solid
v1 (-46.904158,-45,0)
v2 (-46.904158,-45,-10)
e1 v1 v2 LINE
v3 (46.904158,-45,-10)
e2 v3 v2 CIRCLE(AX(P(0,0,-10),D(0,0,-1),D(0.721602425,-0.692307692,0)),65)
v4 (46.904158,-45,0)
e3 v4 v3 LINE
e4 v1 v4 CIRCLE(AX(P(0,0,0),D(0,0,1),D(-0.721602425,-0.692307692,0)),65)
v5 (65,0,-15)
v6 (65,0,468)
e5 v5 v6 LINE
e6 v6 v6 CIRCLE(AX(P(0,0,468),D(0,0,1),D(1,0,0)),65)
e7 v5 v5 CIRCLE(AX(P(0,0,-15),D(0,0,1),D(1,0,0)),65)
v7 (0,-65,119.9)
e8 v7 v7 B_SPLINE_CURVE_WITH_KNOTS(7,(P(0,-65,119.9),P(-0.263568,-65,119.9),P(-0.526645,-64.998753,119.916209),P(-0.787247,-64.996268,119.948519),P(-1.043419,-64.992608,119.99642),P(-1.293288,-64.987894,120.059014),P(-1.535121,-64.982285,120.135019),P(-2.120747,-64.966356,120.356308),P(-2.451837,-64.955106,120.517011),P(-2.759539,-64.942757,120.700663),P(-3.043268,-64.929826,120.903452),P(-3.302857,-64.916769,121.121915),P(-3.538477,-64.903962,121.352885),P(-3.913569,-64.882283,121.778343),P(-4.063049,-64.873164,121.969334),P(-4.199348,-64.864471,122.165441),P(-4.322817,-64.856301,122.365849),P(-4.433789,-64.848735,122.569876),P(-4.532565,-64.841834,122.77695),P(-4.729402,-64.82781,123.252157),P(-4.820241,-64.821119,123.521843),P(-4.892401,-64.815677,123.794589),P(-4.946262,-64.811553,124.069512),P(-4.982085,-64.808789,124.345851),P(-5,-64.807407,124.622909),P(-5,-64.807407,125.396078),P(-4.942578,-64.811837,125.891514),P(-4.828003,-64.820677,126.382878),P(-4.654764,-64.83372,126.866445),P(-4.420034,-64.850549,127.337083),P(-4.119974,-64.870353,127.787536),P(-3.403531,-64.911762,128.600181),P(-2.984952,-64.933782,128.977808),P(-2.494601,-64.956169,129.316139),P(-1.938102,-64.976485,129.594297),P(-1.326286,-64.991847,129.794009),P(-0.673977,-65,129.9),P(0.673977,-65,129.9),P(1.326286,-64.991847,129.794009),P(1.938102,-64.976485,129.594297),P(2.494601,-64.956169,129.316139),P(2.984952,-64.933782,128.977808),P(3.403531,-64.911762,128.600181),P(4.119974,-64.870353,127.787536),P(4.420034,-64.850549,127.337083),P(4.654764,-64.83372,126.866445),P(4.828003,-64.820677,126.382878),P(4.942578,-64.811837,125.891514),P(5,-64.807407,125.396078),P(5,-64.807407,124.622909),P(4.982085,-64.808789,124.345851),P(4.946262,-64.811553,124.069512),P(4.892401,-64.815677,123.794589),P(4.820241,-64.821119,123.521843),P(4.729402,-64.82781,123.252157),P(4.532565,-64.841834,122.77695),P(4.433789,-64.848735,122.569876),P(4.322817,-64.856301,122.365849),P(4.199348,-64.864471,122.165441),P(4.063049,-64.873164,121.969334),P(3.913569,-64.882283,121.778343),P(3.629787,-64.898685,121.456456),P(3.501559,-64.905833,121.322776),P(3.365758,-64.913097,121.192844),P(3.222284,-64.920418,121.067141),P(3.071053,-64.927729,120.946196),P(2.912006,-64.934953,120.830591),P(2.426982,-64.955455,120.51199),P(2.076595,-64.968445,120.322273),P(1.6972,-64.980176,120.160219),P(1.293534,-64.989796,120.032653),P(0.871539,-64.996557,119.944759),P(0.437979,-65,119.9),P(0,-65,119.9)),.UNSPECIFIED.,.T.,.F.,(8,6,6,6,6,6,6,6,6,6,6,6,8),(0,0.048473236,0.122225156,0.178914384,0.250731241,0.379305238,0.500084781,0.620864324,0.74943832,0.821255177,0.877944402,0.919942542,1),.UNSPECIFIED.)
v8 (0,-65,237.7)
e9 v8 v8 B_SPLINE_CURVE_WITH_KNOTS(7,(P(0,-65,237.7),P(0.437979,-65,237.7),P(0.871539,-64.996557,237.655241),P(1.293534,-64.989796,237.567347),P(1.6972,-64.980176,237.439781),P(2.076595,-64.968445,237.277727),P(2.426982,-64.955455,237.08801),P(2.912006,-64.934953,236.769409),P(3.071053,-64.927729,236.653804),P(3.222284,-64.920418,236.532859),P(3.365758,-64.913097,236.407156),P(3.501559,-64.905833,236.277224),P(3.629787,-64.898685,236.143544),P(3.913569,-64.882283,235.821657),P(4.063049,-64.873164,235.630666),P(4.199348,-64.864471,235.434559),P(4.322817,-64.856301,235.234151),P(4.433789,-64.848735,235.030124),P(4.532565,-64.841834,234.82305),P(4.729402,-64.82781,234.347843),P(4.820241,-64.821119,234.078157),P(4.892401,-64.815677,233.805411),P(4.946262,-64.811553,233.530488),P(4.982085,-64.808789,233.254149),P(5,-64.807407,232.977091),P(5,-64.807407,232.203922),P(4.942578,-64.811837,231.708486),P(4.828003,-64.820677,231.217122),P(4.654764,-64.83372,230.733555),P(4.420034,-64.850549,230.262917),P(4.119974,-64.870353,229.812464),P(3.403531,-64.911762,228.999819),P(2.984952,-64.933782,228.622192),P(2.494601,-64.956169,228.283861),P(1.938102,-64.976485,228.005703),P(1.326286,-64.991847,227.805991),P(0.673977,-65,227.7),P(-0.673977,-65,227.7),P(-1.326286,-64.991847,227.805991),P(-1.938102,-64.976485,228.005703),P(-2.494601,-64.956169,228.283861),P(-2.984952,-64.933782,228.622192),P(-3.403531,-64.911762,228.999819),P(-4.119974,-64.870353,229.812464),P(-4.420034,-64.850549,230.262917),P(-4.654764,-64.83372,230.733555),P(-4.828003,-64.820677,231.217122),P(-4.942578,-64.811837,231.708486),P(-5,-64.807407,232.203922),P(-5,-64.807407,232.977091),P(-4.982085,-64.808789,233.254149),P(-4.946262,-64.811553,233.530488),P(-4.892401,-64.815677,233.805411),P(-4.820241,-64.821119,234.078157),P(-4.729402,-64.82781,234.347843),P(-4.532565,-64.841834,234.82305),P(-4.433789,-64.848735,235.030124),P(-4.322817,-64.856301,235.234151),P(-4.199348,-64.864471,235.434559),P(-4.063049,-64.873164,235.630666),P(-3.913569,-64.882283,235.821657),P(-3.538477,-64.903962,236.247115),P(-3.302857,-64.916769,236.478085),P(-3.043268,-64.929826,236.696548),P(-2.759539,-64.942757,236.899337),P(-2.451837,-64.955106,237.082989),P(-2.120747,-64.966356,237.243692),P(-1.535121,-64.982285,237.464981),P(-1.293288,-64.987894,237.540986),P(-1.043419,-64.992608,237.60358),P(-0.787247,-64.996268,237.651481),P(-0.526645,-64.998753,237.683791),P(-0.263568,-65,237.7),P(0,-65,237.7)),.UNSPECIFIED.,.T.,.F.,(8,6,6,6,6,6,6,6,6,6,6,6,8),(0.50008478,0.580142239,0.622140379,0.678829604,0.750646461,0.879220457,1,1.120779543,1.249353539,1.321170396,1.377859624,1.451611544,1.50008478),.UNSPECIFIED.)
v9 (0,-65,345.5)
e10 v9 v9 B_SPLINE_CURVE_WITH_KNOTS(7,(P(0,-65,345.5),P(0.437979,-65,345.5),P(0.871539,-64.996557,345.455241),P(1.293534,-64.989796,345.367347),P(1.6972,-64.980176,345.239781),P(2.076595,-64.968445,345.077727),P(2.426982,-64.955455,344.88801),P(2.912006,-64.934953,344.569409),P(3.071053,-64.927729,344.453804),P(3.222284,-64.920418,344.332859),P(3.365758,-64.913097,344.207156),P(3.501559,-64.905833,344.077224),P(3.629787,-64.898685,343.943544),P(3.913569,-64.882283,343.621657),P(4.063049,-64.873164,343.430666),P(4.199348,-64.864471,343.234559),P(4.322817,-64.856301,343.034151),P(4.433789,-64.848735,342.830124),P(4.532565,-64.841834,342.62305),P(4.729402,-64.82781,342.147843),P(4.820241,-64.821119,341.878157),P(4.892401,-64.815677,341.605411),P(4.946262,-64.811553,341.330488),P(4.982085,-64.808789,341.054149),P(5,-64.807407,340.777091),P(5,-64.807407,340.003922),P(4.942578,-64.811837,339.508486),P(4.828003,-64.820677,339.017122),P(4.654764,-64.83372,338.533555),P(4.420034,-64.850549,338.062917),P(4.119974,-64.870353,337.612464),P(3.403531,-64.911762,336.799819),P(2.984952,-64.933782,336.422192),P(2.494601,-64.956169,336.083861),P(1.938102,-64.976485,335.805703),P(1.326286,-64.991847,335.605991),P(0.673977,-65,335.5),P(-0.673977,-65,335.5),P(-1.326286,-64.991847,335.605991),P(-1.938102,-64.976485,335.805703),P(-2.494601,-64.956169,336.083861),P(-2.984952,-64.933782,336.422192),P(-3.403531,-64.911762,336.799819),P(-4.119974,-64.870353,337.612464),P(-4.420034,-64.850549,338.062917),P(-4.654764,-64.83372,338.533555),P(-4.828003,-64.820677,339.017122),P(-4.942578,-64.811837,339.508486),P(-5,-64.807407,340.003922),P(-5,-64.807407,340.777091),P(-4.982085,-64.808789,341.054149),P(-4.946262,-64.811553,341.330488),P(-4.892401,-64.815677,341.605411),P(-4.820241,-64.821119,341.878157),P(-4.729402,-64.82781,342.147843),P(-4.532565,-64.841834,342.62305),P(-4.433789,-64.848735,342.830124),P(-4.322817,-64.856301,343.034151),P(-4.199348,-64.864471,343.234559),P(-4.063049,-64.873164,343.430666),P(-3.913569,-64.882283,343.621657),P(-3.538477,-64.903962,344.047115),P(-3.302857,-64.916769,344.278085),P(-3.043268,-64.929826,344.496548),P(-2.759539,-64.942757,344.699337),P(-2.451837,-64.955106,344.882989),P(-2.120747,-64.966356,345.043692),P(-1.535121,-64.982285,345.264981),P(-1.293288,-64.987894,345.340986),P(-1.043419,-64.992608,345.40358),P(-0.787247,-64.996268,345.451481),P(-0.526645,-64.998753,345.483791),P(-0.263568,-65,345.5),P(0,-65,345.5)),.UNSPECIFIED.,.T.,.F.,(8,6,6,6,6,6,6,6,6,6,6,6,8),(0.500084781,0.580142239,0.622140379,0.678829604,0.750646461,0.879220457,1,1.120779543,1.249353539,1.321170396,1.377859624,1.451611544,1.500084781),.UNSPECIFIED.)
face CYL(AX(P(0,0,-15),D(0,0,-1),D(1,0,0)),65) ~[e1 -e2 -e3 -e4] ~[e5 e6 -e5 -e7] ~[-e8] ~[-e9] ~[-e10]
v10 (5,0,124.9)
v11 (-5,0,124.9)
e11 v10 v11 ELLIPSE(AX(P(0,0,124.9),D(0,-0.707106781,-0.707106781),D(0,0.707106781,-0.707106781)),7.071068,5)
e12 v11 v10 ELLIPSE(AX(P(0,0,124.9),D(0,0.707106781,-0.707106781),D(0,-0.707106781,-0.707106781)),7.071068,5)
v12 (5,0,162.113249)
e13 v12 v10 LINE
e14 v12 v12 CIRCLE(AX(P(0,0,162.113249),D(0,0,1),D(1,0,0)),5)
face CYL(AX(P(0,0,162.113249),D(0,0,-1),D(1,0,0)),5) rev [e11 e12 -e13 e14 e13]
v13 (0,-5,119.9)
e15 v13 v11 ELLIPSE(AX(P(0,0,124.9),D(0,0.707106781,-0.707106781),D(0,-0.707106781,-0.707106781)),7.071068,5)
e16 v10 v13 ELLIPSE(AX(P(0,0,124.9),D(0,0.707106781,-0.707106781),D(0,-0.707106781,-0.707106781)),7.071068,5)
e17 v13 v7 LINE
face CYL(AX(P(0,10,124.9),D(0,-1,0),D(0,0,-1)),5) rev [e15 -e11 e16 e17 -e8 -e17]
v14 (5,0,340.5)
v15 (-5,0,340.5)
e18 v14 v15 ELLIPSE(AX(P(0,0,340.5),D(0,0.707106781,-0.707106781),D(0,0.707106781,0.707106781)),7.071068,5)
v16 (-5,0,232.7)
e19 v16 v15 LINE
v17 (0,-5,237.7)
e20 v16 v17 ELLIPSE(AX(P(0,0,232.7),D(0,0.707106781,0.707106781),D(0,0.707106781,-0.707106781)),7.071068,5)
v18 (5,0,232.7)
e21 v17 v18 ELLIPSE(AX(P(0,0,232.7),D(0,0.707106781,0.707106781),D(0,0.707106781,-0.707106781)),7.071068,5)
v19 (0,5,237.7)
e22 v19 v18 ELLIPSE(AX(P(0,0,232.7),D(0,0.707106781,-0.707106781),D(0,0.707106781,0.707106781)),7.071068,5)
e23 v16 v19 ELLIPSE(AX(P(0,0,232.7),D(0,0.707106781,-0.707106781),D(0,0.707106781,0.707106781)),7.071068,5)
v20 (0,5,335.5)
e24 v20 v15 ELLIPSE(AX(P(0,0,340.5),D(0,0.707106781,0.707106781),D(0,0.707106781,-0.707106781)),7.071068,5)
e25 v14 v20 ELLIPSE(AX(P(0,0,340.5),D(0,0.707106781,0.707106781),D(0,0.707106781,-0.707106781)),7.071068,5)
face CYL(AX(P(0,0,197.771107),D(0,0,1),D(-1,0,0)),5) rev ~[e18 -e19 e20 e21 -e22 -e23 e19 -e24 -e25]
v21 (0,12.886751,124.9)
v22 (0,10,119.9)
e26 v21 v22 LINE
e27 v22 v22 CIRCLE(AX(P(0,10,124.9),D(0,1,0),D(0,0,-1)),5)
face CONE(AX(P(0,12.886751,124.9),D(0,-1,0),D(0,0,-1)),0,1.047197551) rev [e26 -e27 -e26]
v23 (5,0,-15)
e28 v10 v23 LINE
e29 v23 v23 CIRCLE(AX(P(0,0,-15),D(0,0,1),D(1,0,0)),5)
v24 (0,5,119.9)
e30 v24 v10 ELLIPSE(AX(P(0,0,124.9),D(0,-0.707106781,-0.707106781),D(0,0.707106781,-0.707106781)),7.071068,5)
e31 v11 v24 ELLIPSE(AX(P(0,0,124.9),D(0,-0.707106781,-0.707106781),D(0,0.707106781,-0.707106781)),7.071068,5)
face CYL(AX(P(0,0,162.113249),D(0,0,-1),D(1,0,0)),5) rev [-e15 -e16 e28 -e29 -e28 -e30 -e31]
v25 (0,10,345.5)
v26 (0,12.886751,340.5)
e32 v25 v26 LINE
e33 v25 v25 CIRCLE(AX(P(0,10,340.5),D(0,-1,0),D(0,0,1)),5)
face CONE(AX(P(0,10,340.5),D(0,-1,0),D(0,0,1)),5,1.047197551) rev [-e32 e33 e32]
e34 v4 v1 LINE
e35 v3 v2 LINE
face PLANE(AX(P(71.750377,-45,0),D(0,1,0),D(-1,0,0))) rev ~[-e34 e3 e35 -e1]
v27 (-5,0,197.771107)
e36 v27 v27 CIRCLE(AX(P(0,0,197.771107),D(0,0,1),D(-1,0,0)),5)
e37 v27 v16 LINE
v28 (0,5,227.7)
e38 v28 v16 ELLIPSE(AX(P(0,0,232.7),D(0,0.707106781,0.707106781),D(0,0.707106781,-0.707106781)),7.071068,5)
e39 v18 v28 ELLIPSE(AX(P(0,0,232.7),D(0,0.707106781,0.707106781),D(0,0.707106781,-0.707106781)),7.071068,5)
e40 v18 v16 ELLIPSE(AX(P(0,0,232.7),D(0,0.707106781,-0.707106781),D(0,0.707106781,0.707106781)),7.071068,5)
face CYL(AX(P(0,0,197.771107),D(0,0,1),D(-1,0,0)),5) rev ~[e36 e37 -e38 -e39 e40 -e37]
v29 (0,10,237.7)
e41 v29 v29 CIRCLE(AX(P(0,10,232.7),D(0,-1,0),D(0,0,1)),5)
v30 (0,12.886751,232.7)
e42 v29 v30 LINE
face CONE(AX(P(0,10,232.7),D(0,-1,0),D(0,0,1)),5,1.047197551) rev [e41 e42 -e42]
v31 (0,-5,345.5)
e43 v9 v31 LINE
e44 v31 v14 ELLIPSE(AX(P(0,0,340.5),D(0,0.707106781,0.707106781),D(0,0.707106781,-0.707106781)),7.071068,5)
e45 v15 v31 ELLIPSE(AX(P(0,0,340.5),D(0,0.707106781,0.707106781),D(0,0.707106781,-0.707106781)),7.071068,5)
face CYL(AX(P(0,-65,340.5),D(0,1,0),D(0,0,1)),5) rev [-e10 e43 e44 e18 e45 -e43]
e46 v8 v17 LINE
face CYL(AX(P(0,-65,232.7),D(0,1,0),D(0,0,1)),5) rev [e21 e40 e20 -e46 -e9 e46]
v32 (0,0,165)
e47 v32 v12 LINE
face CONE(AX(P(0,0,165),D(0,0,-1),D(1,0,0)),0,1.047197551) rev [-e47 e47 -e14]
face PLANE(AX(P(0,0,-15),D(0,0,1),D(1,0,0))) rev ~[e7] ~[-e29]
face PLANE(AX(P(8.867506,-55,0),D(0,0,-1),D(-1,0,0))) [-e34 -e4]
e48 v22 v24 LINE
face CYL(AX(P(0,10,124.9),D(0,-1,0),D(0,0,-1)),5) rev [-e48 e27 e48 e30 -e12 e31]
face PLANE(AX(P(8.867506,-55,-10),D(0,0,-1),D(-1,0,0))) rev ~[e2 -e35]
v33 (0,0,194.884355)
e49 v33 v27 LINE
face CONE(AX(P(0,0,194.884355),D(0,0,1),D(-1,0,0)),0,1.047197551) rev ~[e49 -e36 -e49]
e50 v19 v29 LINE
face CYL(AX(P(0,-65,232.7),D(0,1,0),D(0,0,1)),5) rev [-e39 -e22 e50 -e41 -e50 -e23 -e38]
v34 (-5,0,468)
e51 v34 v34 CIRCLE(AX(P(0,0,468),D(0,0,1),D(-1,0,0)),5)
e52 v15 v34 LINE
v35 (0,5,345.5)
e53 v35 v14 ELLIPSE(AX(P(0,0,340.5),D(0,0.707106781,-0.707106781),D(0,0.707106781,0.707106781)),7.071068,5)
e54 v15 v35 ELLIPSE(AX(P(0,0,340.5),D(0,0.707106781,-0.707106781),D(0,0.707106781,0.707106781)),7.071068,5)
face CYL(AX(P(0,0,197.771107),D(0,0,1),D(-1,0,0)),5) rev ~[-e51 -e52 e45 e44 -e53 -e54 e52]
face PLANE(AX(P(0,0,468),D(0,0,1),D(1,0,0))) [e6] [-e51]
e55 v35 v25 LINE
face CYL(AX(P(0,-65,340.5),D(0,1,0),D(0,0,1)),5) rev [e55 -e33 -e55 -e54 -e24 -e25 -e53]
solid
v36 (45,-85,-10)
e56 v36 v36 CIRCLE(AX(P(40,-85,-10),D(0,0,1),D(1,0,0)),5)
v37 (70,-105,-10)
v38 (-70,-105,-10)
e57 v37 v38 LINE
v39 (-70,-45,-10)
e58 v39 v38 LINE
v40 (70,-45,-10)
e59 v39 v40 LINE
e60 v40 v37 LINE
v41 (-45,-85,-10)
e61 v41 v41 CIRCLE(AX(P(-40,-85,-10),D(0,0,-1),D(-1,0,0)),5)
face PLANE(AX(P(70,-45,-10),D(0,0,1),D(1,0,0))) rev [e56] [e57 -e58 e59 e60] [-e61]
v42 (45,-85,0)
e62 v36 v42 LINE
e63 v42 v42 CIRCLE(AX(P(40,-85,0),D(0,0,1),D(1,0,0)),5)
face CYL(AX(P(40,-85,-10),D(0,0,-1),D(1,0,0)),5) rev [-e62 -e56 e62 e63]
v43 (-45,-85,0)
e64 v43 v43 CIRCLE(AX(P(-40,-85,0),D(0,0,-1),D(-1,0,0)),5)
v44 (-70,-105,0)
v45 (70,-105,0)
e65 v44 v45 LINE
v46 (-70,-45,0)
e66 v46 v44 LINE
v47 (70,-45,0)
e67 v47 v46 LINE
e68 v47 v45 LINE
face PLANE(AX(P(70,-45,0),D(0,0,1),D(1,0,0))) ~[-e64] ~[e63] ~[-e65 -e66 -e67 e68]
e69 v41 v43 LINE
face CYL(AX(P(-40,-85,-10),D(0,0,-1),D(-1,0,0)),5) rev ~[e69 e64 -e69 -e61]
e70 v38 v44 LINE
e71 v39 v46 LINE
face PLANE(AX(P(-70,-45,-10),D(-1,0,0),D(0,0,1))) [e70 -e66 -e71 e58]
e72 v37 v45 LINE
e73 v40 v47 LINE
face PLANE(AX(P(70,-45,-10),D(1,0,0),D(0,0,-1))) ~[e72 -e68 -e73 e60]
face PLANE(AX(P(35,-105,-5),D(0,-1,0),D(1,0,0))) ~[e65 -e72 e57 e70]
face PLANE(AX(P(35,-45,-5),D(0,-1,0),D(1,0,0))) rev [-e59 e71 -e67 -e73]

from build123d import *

# Parameters (mm, degrees)
EXTRUDEASSE_DEPTH      = 468
EXTRUDEASSE_DEPTH_BACK = 15
SKETCH1_R              = 65
SKETCH6_W              = 125.765742684
SKETCH6_H              = 20
CUT_EXTRUDE1_DEPTH     = 10
SKETCH7_W              = 70
SKETCH7_H              = 10
EXTRPIASTRINA_DEPTH    = 60
SKETCH8_R              = 5
FORO_DEPTH             = 10


with BuildPart() as part:
    # Sketch1 → ExtrudeAsse (new, two sides: drawn at the far end of the back side and taken through both)
    with BuildSketch(Plane.XY.offset(-EXTRUDEASSE_DEPTH_BACK)):
        Circle(SKETCH1_R)
    extrude(amount=EXTRUDEASSE_DEPTH + EXTRUDEASSE_DEPTH_BACK)

    # Sketch3 → Cut-Revolve1 (revolve, cut)
    with BuildSketch(Plane(origin=(0, 0, 0), x_dir=(0, 0, -1), z_dir=(1, 0, 0)), mode=Mode.PRIVATE) as cut_revolve1_sk:
        Polygon((-335.5, -65), (-335.5, 10), (-340.5, 12.886751346), (-340.5, 10), (-340.5, -65), align=None)
    revolve(cut_revolve1_sk.sketch.rotate(Axis((0, 12.886751346, 340.5), (0, -1, 0)), 180), axis=Axis((0, 12.886751346, 340.5), (0, -1, 0)), mode=Mode.SUBTRACT)

    # Sketch3<3> → Cut-Revolve2 (revolve, cut)
    with BuildSketch(Plane(origin=(0, 0, 0), x_dir=(0, 0, -1), z_dir=(1, 0, 0)), mode=Mode.PRIVATE) as cut_revolve2_sk:
        Polygon((-232.7, -65), (-227.7, -65), (-227.7, 10), (-232.7, 12.886751346), (-232.7, 0), align=None)
    revolve(cut_revolve2_sk.sketch.rotate(Axis((0, 0, 232.7), (0, -1, 0)), 180), axis=Axis((0, 0, 232.7), (0, -1, 0)), mode=Mode.SUBTRACT)

    # Sketch4 → Cut-Revolve5 (revolve, cut)
    with BuildSketch(Plane(origin=(0, 0, 0), x_dir=(0, 0, -1), z_dir=(1, 0, 0)), mode=Mode.PRIVATE) as cut_revolve5_sk:
        Polygon((-468, 0), (-197.77110668, 0), (-194.884355334, 0), (-197.77110668, -5), (-468, -5), align=None)
    revolve(cut_revolve5_sk.sketch.rotate(Axis((0, 0, 0), (0, 0, 1)), 270), axis=Axis((0, 0, 0), (0, 0, 1)), mode=Mode.SUBTRACT)

    # Sketch5 → Cut-Revolve6 (revolve, cut)
    with BuildSketch(Plane(origin=(0, 0, 0), x_dir=(0, 0, -1), z_dir=(1, 0, 0)), mode=Mode.PRIVATE) as cut_revolve6_sk:
        Polygon((15, -5), (15, 0), (-162.113248654, 0), (-165, 0), (-162.113248654, -5), align=None)
    revolve(cut_revolve6_sk.sketch.rotate(Axis((0, 0, 0), (0, 0, 1)), 90), axis=Axis((0, 0, 0), (0, 0, 1)), mode=Mode.SUBTRACT)

    # Sketch3<5> → Cut-Revolve7 (revolve, cut)
    with BuildSketch(Plane(origin=(0, 0, 0), x_dir=(0, 0, -1), z_dir=(1, 0, 0))):
        Polygon((-124.9, 10), (-124.9, 12.886751346), (-119.9, 10), (-119.9, -65), (-124.9, -65), align=None)
    revolve(axis=Axis((0, -65, 124.9), (0, 1, 0)), mode=Mode.SUBTRACT)

    # Sketch6 → Cut-Extrude1 (cut)
    with BuildSketch(Plane(origin=(0, 0, 0), x_dir=(-1, 0, 0), z_dir=(0, 0, -1))):
        with Locations((-8.867505506, -55)):
            Rectangle(SKETCH6_W, SKETCH6_H)
    extrude(amount=CUT_EXTRUDE1_DEPTH, mode=Mode.SUBTRACT)


with BuildPart() as body_2:
    # Sketch7 → ExtrPiastrina (new body)
    with BuildSketch(Plane.XZ.offset(45)):
        with Locations((-35, -5)):
            Rectangle(SKETCH7_W, SKETCH7_H)
    extrude(amount=EXTRPIASTRINA_DEPTH)

    # Sketch8 → Foro (cut)
    with BuildSketch(Plane(origin=(0, 0, -10), x_dir=(-1, 0, 0), z_dir=(0, 0, -1))):
        with Locations((40, -85)):
            Circle(SKETCH8_R)
    extrude(amount=-FORO_DEPTH, mode=Mode.SUBTRACT)

    # Mirror1: body 2 across plane


with BuildPart() as body_2_1:
    add(body_2.part)
    add(body_2.part.mirror(Plane(origin=(0, -105, -10), x_dir=(0, 0, 1), z_dir=(-1, 0, 0))))


solid = Compound([part.part, body_2_1.part])
